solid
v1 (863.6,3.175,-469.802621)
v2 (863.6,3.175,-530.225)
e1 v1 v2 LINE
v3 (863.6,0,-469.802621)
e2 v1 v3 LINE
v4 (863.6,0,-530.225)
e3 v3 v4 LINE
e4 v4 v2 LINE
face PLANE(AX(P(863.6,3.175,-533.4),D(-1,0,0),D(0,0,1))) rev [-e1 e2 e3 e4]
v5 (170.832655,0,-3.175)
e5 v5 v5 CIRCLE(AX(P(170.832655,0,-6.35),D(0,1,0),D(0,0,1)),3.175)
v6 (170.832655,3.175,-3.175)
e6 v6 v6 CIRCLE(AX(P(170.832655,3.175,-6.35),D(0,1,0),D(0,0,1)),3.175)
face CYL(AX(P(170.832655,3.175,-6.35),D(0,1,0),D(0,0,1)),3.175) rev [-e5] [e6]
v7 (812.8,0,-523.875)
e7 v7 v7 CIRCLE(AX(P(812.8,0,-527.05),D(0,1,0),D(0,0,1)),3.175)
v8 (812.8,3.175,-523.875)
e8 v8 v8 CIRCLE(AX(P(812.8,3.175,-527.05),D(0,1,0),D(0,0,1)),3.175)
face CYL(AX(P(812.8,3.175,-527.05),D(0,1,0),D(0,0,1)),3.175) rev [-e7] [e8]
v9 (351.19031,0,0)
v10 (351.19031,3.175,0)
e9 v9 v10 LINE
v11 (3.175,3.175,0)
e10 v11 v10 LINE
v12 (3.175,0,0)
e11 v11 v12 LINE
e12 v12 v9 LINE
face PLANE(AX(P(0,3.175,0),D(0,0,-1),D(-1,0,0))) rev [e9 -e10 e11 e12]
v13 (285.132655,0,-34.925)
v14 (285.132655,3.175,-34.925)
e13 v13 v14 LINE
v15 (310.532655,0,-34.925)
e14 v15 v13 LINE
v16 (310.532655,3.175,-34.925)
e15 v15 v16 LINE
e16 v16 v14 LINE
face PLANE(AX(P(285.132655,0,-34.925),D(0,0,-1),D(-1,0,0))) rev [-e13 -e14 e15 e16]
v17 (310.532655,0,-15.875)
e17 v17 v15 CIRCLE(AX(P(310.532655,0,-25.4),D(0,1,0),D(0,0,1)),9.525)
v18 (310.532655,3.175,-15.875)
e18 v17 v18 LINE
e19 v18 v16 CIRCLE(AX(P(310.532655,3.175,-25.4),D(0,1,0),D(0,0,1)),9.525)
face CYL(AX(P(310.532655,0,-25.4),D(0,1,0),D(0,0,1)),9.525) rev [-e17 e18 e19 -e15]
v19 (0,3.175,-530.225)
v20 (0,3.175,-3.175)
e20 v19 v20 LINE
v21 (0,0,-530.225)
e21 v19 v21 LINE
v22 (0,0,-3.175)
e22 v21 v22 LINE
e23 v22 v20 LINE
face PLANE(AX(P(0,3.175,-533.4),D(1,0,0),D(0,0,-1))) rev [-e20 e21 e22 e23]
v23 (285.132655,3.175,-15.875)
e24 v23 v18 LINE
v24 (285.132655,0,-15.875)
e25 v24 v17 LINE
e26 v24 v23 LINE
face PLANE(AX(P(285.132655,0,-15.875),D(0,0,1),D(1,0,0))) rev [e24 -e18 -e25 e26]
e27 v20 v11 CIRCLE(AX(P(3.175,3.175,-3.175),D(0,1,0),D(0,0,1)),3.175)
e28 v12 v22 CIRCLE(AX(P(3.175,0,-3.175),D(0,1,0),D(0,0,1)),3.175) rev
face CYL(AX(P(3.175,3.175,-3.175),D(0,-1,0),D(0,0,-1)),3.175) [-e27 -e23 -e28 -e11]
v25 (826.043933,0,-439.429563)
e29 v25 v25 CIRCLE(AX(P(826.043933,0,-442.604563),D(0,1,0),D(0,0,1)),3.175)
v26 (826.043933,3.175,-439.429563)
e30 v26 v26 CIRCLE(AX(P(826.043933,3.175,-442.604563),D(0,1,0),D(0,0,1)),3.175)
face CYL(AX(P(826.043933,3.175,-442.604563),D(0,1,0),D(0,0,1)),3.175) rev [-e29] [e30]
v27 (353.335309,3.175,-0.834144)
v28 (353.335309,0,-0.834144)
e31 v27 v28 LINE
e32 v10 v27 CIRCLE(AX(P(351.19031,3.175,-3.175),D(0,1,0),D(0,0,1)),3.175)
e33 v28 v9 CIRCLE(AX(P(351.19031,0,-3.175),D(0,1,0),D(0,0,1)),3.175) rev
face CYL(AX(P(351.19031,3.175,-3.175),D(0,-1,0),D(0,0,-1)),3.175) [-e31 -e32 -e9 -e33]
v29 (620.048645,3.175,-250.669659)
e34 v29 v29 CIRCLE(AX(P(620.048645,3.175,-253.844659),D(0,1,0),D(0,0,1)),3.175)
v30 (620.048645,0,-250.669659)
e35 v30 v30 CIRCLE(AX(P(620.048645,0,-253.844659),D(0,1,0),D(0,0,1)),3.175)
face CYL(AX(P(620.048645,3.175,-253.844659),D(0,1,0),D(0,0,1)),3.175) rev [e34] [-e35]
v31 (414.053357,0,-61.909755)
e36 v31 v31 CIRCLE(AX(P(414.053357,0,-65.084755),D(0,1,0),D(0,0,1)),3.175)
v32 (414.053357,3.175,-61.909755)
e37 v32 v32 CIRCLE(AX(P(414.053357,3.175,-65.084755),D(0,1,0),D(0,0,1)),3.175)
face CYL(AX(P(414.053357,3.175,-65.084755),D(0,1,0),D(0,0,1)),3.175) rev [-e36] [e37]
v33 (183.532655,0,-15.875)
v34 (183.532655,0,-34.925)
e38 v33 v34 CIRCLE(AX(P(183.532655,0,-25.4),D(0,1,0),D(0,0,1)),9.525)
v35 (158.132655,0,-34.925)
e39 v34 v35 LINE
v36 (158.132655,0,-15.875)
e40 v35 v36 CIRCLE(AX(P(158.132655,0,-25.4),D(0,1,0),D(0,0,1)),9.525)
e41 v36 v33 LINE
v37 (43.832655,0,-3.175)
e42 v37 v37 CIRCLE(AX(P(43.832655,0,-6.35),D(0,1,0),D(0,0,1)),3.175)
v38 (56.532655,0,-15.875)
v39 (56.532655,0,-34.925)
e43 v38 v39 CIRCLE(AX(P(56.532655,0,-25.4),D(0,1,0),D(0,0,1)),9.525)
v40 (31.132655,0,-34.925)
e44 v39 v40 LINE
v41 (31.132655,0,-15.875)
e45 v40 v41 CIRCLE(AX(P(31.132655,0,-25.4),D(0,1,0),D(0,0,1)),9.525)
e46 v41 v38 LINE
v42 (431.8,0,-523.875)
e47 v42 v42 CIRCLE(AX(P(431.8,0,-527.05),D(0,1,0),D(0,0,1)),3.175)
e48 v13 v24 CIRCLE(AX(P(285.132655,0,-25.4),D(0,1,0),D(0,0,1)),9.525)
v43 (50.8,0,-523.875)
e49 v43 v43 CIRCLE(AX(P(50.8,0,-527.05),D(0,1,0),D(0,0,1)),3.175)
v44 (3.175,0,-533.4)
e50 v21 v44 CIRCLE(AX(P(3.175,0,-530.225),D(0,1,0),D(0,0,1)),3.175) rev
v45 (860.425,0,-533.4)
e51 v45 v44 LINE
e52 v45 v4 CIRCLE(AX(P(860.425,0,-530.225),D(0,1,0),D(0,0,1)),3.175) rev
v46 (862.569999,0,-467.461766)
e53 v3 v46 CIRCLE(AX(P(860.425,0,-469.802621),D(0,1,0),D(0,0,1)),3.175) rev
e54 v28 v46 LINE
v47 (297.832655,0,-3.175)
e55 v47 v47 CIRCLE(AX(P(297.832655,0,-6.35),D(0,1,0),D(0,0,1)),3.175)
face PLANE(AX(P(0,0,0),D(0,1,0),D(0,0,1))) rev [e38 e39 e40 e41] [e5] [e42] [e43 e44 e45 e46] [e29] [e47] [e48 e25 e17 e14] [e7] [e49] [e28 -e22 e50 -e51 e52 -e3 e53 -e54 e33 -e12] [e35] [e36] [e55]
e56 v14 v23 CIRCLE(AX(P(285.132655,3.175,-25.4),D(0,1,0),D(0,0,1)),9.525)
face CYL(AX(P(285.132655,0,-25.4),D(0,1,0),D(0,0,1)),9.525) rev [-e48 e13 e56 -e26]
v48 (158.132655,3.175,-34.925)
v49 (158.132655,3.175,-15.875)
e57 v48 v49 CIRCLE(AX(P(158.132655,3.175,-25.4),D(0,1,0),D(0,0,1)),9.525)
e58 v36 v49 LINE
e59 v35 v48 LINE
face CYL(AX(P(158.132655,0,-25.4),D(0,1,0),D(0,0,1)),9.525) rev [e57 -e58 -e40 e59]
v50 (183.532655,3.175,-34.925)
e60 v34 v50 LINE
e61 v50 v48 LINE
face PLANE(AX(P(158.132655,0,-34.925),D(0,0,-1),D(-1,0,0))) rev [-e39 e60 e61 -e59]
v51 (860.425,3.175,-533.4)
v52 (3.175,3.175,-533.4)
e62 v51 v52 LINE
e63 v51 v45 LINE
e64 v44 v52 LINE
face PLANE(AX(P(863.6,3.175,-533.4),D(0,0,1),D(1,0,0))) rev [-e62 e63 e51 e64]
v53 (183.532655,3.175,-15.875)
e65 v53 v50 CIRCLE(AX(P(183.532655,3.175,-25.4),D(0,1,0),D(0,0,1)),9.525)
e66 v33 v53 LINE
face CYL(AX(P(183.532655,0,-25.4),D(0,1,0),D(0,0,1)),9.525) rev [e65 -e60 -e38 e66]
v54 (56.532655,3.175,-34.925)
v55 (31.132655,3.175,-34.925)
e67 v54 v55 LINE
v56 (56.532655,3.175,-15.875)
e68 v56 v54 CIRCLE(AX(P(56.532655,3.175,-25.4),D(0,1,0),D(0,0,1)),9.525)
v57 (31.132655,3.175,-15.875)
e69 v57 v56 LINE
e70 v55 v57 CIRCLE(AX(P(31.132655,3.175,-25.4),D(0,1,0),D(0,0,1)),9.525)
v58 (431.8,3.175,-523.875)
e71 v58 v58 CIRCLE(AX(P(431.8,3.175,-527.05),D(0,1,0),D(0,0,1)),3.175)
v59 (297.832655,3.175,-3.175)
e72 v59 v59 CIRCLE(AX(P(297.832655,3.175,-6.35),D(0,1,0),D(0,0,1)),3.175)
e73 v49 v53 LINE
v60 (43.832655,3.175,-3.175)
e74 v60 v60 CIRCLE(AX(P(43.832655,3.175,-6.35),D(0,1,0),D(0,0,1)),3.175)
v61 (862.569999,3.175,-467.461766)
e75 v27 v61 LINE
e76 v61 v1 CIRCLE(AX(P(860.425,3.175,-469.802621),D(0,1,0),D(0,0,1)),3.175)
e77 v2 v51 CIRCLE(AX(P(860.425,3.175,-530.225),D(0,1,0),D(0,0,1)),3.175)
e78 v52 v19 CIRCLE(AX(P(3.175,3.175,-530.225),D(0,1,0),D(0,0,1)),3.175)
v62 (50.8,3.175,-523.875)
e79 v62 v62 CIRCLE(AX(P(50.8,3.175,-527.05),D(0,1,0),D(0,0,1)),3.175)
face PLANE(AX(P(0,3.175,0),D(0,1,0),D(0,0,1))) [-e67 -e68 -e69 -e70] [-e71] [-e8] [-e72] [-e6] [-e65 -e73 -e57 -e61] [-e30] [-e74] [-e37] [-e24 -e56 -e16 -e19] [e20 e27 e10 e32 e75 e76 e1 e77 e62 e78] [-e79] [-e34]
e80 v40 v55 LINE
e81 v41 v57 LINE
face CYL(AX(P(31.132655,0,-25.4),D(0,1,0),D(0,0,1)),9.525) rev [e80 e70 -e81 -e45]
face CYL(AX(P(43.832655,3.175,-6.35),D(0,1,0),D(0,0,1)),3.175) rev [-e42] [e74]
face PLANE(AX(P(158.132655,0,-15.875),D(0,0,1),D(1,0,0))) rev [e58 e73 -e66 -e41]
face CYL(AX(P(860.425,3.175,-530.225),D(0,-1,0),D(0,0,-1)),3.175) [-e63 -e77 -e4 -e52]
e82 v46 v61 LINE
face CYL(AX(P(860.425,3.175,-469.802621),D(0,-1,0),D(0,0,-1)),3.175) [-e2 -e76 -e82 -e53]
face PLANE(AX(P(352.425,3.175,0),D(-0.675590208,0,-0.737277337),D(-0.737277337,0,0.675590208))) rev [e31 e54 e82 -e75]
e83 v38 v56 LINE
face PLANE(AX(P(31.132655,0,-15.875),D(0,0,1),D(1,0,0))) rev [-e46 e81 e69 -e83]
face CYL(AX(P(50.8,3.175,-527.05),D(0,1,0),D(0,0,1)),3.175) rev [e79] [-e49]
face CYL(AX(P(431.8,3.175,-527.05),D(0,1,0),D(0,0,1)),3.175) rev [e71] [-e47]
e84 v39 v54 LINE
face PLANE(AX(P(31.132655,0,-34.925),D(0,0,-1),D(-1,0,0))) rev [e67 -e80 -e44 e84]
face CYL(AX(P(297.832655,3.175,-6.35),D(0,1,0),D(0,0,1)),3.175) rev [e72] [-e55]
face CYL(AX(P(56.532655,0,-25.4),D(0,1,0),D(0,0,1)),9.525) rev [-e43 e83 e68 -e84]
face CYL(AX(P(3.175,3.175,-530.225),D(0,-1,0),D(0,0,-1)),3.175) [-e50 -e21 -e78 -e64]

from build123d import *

# Parameters (mm, degrees)
BOSS_EXTRUDE1_DEPTH         = 3.175
FILLET1_R                   = 3.175
F_1_4_0_25_DIAMETER_HOLE1_D = 6.35
SKETCH5_R                   = 3.175
CUT_EXTRUDE1_DEPTH          = 1016.052018679


with BuildPart() as part:
    # Sketch1 → Boss-Extrude1 (new body)
    with BuildSketch(Plane(origin=(0, 0, 0), x_dir=(1, 0, 0), z_dir=(0, 1, 0))):
        Polygon((0, 0), (352.425, 0), (863.6, 468.405587878), (863.6, 533.4), (0, 533.4), align=None)
    extrude(amount=BOSS_EXTRUDE1_DEPTH)

    # Fillet1
    fillet1_edges = [part.edges().sort_by_distance(p)[0] for p in [
        (0, 1.5875, -533.4),
        (863.6, 1.5875, -533.4),
        (863.6, 1.5875, -468.405587878),
        (352.425, 1.5875, 0),
        (0, 1.5875, 0),
    ]]
    fillet(fillet1_edges, radius=FILLET1_R)

    # 1/4 (0.25) Diameter Hole1 (through all)
    with Locations(Plane(origin=(0, 3.175, 0), x_dir=(1, 0, 0), z_dir=(0, 1, 0))):
        with Locations((43.832655013, 6.35), (170.832655013, 6.35), (297.832655013, 6.35), (414.05335701, 65.084754558), (620.048644915, 253.844658566), (826.043932819, 442.604562573), (50.8, 527.05), (431.8, 527.05), (812.8, 527.05)):
            Hole(F_1_4_0_25_DIAMETER_HOLE1_D / 2)

    # Sketch5 → Cut-Extrude1 (cut, through all)
    with BuildSketch(Plane(origin=(0, 3.175, 0), x_dir=(1, 0, 0), z_dir=(0, 1, 0))):
        with Locations(Location((297.832655013, 6.35, 0), (0, 0, 270))):
            Circle(SKETCH5_R)
        with Locations(Location((170.832655013, 6.35, 0), (0, 0, 270))):
            Circle(SKETCH5_R)
        with Locations(Location((43.832655013, 6.35, 0), (0, 0, 270))):
            Circle(SKETCH5_R)
        with BuildLine():
            Line((31.132655013, 34.925), (56.532655013, 34.925))
            ThreePointArc((56.532655013, 34.925), (66.057655013, 25.4), (56.532655013, 15.875))
            Line((56.532655013, 15.875), (31.132655013, 15.875))
            ThreePointArc((31.132655013, 15.875), (21.607655013, 25.4), (31.132655013, 34.925))
        make_face()
        with BuildLine():
            Line((158.132655013, 34.925), (183.532655013, 34.925))
            ThreePointArc((183.532655013, 34.925), (193.057655013, 25.4), (183.532655013, 15.875))
            Line((183.532655013, 15.875), (158.132655013, 15.875))
            ThreePointArc((158.132655013, 15.875), (148.607655013, 25.4), (158.132655013, 34.925))
        make_face()
        with BuildLine():
            Line((285.132655013, 34.925), (310.532655013, 34.925))
            ThreePointArc((310.532655013, 34.925), (320.057655013, 25.4), (310.532655013, 15.875))
            Line((310.532655013, 15.875), (285.132655013, 15.875))
            ThreePointArc((285.132655013, 15.875), (275.607655013, 25.4), (285.132655013, 34.925))
        make_face()
    extrude(amount=-CUT_EXTRUDE1_DEPTH, mode=Mode.SUBTRACT)


solid = part.part
